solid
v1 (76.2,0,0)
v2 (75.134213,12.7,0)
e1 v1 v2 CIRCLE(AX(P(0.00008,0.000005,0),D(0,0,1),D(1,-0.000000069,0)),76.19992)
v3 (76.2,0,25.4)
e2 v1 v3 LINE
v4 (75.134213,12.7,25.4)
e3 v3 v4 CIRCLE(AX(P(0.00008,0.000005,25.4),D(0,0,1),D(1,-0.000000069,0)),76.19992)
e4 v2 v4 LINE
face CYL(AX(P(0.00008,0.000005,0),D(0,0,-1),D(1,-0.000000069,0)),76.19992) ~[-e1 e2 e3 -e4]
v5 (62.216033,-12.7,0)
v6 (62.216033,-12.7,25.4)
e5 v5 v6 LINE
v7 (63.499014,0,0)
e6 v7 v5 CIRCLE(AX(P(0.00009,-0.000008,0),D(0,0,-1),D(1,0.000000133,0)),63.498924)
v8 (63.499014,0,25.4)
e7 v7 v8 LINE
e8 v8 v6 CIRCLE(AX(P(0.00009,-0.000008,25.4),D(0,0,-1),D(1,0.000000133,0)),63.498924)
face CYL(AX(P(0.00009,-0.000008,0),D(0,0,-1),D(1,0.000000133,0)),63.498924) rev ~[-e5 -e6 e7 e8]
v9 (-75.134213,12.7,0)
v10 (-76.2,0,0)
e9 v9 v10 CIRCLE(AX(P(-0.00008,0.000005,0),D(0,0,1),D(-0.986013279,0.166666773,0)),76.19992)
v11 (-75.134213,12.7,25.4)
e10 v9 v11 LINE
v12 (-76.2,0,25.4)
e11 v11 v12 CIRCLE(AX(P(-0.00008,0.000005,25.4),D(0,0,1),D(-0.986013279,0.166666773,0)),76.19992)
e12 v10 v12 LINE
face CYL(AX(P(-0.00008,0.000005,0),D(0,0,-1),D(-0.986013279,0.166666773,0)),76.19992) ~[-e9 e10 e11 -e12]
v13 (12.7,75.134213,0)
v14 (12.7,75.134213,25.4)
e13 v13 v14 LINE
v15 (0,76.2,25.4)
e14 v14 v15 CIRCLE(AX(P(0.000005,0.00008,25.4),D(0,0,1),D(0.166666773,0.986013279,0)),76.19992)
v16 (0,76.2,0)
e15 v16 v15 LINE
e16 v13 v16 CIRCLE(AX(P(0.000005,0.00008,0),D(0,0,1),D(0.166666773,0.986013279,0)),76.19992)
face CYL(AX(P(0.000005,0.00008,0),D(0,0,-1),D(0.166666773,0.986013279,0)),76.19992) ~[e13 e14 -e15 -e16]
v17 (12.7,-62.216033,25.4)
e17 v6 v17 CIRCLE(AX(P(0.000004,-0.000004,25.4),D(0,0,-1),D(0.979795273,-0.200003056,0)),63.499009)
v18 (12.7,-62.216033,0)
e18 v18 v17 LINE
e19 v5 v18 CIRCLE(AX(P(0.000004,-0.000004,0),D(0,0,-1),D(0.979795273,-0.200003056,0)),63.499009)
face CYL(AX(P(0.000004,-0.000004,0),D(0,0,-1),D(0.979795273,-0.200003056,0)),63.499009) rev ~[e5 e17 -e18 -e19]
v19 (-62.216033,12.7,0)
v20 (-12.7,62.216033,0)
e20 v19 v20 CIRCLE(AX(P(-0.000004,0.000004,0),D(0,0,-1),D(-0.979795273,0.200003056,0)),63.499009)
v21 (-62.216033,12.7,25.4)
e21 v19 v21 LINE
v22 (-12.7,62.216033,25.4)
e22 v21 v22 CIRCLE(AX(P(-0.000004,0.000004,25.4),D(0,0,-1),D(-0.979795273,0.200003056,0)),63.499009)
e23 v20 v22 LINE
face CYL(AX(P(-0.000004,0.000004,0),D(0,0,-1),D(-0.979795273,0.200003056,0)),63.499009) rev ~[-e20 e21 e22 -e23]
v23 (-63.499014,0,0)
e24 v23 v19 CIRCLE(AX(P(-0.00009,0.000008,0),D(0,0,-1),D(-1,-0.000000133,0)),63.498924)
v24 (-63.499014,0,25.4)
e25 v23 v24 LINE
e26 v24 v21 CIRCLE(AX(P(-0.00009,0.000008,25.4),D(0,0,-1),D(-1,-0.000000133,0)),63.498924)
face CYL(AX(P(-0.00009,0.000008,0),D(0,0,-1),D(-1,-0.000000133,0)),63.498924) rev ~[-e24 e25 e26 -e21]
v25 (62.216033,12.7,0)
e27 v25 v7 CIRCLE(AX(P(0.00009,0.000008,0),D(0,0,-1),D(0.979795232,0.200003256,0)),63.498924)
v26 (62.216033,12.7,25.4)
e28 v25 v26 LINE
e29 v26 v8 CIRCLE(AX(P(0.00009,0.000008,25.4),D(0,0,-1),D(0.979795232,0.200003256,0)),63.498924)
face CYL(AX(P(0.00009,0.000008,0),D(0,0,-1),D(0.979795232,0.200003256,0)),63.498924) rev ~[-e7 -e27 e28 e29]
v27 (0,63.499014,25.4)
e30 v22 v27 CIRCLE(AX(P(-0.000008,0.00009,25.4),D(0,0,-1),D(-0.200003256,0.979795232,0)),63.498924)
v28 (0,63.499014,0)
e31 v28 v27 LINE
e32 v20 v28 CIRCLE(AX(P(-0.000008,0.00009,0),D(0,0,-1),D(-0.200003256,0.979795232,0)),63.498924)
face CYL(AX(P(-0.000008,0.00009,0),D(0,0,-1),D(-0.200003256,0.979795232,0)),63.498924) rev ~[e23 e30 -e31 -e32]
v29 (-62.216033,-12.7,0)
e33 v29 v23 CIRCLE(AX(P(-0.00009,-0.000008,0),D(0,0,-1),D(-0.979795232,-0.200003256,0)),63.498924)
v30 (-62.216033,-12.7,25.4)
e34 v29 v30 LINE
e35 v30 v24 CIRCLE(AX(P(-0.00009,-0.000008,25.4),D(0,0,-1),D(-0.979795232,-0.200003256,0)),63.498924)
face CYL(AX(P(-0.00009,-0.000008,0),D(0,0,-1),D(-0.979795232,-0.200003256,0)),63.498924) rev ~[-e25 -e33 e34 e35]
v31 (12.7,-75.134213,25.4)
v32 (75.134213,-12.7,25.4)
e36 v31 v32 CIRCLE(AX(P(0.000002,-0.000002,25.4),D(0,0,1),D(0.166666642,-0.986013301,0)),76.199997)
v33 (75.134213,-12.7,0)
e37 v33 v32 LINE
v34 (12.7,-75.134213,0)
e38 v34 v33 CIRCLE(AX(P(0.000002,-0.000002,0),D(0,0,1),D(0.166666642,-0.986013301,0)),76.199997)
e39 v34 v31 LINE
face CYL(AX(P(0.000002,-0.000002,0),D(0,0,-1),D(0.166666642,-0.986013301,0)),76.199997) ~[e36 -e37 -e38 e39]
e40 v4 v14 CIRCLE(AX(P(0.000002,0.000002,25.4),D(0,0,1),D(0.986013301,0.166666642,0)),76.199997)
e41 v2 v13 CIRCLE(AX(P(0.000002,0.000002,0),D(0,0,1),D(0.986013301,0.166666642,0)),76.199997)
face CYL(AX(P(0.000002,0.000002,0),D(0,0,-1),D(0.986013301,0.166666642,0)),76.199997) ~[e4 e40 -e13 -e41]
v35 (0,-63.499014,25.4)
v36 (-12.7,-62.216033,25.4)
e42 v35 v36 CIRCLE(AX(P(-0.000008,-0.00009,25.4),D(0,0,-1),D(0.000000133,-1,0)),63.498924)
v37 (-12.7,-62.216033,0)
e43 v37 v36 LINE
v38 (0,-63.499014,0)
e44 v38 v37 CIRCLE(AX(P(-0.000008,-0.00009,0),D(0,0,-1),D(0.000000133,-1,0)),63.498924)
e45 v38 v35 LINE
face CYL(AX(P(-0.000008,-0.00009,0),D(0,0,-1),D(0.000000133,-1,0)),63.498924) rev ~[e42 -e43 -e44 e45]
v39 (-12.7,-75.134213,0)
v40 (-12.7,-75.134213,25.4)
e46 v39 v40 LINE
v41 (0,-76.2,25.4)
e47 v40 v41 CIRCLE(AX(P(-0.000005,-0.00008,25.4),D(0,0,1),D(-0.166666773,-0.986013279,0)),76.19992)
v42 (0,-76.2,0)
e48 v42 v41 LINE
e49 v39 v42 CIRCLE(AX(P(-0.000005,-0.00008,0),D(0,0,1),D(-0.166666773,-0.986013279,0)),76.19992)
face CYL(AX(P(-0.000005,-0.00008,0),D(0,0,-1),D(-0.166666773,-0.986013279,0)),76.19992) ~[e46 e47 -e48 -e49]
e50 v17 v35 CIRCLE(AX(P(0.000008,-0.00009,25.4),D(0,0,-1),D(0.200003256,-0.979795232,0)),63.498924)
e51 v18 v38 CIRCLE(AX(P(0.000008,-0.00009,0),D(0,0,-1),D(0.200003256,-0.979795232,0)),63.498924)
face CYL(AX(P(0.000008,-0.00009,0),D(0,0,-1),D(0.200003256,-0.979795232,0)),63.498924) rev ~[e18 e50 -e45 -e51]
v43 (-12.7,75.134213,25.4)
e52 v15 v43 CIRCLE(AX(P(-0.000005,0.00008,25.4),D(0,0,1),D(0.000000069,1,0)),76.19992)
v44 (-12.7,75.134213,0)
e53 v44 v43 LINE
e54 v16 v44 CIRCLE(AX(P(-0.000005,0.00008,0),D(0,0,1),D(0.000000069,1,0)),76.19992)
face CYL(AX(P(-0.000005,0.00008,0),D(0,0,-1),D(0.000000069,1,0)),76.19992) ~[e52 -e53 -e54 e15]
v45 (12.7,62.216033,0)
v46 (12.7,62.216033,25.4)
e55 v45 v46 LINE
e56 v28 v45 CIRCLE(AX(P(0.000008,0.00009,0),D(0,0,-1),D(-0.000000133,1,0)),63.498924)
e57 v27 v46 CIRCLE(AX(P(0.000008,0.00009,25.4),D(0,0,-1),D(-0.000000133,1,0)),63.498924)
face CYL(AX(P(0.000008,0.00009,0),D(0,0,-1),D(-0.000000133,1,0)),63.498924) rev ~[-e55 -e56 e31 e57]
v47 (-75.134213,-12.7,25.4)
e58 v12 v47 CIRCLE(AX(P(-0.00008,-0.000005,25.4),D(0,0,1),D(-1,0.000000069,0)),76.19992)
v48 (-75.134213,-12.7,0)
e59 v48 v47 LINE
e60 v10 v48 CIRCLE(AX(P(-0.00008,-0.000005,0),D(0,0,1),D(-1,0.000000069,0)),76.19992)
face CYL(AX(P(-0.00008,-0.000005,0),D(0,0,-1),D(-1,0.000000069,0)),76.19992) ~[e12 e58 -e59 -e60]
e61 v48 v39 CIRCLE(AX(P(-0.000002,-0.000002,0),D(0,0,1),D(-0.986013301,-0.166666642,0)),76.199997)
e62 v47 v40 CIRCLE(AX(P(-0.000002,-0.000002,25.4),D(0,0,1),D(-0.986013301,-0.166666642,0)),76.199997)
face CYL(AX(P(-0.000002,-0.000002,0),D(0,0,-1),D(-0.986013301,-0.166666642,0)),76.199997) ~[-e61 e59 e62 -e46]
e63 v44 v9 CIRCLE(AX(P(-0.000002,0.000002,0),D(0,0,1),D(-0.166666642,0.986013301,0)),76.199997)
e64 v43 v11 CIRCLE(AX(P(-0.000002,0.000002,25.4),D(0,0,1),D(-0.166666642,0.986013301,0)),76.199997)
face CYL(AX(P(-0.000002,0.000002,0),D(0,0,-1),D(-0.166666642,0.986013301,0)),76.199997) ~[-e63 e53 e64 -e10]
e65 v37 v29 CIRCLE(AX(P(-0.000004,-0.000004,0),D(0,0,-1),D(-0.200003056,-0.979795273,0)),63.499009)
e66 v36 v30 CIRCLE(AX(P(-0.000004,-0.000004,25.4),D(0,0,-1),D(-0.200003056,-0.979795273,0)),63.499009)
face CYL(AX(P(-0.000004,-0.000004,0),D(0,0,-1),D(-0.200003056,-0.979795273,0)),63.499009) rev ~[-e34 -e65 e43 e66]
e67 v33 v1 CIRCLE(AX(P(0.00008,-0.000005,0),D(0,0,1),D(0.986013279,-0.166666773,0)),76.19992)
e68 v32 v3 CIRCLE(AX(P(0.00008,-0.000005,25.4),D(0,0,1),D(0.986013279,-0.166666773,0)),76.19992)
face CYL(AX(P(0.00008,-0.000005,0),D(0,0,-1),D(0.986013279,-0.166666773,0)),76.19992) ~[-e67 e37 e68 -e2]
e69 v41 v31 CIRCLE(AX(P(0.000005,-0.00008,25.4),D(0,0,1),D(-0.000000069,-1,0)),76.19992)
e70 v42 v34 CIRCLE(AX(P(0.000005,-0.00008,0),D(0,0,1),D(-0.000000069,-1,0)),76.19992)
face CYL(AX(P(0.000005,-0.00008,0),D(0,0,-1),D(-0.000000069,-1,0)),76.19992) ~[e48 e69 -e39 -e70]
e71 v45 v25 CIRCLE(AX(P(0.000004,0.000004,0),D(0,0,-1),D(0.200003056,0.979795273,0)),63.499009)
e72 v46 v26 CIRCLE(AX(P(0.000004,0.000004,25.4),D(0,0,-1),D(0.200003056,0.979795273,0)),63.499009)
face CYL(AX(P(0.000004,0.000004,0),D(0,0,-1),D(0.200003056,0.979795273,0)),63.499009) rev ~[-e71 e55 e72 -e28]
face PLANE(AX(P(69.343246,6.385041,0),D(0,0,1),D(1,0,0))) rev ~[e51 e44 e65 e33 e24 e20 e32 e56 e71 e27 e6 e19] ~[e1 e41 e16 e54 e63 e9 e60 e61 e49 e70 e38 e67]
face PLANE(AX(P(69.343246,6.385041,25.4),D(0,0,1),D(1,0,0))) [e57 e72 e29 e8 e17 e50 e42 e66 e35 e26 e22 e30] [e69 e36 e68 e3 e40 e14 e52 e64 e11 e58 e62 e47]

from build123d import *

# Parameters (mm, degrees)
F1_DEPTH = 25.4


with BuildPart() as f1:
    # F0 (on Top) → F1 (new body)
    with BuildSketch(Plane.XY):
        with BuildLine():
            Line((63.499014, 0), (76.2, 0))
            ThreePointArc((76.2, 0), (75.933086, 6.372321), (75.134213, 12.7))
            Line((75.134213, 12.7), (62.216033, 12.7))
            ThreePointArc((62.216033, 12.7), (63.177455, 6.38232), (63.499014, 0))
        make_face()
        with BuildLine():
            ThreePointArc((75.134213, -12.7), (75.933086, -6.372321), (76.2, 0))
            Line((76.2, 0), (63.499014, 0))
            ThreePointArc((63.499014, 0), (63.177455, -6.38232), (62.216033, -12.7))
            Line((62.216033, -12.7), (75.134213, -12.7))
        make_face()
        with BuildLine():
            Line((62.216033, 12.7), (75.134213, 12.7))
            ThreePointArc((75.134213, 12.7), (53.881537, 53.881537), (12.7, 75.134213))
            Line((12.7, 75.134213), (12.7, 62.216033))
            ThreePointArc((12.7, 62.216033), (44.900584, 44.900584), (62.216033, 12.7))
        make_face()
        with BuildLine():
            ThreePointArc((12.7, -75.134213), (53.881537, -53.881537), (75.134213, -12.7))
            Line((75.134213, -12.7), (62.216033, -12.7))
            ThreePointArc((62.216033, -12.7), (44.900584, -44.900584), (12.7, -62.216033))
            Line((12.7, -62.216033), (12.7, -75.134213))
        make_face()
        with BuildLine():
            Line((12.7, 62.216033), (12.7, 75.134213))
            ThreePointArc((12.7, 75.134213), (6.372321, 75.933086), (0, 76.2))
            Line((0, 76.2), (0, 63.499014))
            ThreePointArc((0, 63.499014), (6.38232, 63.177455), (12.7, 62.216033))
        make_face()
        with BuildLine():
            ThreePointArc((0, -76.2), (6.372321, -75.933086), (12.7, -75.134213))
            Line((12.7, -75.134213), (12.7, -62.216033))
            ThreePointArc((12.7, -62.216033), (6.38232, -63.177455), (0, -63.499014))
            Line((0, -63.499014), (0, -76.2))
        make_face()
        with BuildLine():
            Line((0, 63.499014), (0, 76.2))
            ThreePointArc((0, 76.2), (-6.372321, 75.933086), (-12.7, 75.134213))
            Line((-12.7, 75.134213), (-12.7, 62.216033))
            ThreePointArc((-12.7, 62.216033), (-6.38232, 63.177455), (0, 63.499014))
        make_face()
        with BuildLine():
            ThreePointArc((-12.7, -75.134213), (-6.372321, -75.933086), (0, -76.2))
            Line((0, -76.2), (0, -63.499014))
            ThreePointArc((0, -63.499014), (-6.38232, -63.177455), (-12.7, -62.216033))
            Line((-12.7, -62.216033), (-12.7, -75.134213))
        make_face()
        with BuildLine():
            Line((-12.7, 62.216033), (-12.7, 75.134213))
            ThreePointArc((-12.7, 75.134213), (-53.881537, 53.881537), (-75.134213, 12.7))
            Line((-75.134213, 12.7), (-62.216033, 12.7))
            ThreePointArc((-62.216033, 12.7), (-44.900584, 44.900584), (-12.7, 62.216033))
        make_face()
        with BuildLine():
            ThreePointArc((-75.134213, -12.7), (-53.881537, -53.881537), (-12.7, -75.134213))
            Line((-12.7, -75.134213), (-12.7, -62.216033))
            ThreePointArc((-12.7, -62.216033), (-44.900584, -44.900584), (-62.216033, -12.7))
            Line((-62.216033, -12.7), (-75.134213, -12.7))
        make_face()
        with BuildLine():
            Line((-62.216033, 12.7), (-75.134213, 12.7))
            ThreePointArc((-75.134213, 12.7), (-75.933086, 6.372321), (-76.2, 0))
            Line((-76.2, 0), (-63.499014, 0))
            ThreePointArc((-63.499014, 0), (-63.177455, 6.38232), (-62.216033, 12.7))
        make_face()
        with BuildLine():
            ThreePointArc((-76.2, 0), (-75.933086, -6.372321), (-75.134213, -12.7))
            Line((-75.134213, -12.7), (-62.216033, -12.7))
            ThreePointArc((-62.216033, -12.7), (-63.177455, -6.38232), (-63.499014, 0))
            Line((-63.499014, 0), (-76.2, 0))
        make_face()
    extrude(amount=F1_DEPTH)


solid = f1.part
